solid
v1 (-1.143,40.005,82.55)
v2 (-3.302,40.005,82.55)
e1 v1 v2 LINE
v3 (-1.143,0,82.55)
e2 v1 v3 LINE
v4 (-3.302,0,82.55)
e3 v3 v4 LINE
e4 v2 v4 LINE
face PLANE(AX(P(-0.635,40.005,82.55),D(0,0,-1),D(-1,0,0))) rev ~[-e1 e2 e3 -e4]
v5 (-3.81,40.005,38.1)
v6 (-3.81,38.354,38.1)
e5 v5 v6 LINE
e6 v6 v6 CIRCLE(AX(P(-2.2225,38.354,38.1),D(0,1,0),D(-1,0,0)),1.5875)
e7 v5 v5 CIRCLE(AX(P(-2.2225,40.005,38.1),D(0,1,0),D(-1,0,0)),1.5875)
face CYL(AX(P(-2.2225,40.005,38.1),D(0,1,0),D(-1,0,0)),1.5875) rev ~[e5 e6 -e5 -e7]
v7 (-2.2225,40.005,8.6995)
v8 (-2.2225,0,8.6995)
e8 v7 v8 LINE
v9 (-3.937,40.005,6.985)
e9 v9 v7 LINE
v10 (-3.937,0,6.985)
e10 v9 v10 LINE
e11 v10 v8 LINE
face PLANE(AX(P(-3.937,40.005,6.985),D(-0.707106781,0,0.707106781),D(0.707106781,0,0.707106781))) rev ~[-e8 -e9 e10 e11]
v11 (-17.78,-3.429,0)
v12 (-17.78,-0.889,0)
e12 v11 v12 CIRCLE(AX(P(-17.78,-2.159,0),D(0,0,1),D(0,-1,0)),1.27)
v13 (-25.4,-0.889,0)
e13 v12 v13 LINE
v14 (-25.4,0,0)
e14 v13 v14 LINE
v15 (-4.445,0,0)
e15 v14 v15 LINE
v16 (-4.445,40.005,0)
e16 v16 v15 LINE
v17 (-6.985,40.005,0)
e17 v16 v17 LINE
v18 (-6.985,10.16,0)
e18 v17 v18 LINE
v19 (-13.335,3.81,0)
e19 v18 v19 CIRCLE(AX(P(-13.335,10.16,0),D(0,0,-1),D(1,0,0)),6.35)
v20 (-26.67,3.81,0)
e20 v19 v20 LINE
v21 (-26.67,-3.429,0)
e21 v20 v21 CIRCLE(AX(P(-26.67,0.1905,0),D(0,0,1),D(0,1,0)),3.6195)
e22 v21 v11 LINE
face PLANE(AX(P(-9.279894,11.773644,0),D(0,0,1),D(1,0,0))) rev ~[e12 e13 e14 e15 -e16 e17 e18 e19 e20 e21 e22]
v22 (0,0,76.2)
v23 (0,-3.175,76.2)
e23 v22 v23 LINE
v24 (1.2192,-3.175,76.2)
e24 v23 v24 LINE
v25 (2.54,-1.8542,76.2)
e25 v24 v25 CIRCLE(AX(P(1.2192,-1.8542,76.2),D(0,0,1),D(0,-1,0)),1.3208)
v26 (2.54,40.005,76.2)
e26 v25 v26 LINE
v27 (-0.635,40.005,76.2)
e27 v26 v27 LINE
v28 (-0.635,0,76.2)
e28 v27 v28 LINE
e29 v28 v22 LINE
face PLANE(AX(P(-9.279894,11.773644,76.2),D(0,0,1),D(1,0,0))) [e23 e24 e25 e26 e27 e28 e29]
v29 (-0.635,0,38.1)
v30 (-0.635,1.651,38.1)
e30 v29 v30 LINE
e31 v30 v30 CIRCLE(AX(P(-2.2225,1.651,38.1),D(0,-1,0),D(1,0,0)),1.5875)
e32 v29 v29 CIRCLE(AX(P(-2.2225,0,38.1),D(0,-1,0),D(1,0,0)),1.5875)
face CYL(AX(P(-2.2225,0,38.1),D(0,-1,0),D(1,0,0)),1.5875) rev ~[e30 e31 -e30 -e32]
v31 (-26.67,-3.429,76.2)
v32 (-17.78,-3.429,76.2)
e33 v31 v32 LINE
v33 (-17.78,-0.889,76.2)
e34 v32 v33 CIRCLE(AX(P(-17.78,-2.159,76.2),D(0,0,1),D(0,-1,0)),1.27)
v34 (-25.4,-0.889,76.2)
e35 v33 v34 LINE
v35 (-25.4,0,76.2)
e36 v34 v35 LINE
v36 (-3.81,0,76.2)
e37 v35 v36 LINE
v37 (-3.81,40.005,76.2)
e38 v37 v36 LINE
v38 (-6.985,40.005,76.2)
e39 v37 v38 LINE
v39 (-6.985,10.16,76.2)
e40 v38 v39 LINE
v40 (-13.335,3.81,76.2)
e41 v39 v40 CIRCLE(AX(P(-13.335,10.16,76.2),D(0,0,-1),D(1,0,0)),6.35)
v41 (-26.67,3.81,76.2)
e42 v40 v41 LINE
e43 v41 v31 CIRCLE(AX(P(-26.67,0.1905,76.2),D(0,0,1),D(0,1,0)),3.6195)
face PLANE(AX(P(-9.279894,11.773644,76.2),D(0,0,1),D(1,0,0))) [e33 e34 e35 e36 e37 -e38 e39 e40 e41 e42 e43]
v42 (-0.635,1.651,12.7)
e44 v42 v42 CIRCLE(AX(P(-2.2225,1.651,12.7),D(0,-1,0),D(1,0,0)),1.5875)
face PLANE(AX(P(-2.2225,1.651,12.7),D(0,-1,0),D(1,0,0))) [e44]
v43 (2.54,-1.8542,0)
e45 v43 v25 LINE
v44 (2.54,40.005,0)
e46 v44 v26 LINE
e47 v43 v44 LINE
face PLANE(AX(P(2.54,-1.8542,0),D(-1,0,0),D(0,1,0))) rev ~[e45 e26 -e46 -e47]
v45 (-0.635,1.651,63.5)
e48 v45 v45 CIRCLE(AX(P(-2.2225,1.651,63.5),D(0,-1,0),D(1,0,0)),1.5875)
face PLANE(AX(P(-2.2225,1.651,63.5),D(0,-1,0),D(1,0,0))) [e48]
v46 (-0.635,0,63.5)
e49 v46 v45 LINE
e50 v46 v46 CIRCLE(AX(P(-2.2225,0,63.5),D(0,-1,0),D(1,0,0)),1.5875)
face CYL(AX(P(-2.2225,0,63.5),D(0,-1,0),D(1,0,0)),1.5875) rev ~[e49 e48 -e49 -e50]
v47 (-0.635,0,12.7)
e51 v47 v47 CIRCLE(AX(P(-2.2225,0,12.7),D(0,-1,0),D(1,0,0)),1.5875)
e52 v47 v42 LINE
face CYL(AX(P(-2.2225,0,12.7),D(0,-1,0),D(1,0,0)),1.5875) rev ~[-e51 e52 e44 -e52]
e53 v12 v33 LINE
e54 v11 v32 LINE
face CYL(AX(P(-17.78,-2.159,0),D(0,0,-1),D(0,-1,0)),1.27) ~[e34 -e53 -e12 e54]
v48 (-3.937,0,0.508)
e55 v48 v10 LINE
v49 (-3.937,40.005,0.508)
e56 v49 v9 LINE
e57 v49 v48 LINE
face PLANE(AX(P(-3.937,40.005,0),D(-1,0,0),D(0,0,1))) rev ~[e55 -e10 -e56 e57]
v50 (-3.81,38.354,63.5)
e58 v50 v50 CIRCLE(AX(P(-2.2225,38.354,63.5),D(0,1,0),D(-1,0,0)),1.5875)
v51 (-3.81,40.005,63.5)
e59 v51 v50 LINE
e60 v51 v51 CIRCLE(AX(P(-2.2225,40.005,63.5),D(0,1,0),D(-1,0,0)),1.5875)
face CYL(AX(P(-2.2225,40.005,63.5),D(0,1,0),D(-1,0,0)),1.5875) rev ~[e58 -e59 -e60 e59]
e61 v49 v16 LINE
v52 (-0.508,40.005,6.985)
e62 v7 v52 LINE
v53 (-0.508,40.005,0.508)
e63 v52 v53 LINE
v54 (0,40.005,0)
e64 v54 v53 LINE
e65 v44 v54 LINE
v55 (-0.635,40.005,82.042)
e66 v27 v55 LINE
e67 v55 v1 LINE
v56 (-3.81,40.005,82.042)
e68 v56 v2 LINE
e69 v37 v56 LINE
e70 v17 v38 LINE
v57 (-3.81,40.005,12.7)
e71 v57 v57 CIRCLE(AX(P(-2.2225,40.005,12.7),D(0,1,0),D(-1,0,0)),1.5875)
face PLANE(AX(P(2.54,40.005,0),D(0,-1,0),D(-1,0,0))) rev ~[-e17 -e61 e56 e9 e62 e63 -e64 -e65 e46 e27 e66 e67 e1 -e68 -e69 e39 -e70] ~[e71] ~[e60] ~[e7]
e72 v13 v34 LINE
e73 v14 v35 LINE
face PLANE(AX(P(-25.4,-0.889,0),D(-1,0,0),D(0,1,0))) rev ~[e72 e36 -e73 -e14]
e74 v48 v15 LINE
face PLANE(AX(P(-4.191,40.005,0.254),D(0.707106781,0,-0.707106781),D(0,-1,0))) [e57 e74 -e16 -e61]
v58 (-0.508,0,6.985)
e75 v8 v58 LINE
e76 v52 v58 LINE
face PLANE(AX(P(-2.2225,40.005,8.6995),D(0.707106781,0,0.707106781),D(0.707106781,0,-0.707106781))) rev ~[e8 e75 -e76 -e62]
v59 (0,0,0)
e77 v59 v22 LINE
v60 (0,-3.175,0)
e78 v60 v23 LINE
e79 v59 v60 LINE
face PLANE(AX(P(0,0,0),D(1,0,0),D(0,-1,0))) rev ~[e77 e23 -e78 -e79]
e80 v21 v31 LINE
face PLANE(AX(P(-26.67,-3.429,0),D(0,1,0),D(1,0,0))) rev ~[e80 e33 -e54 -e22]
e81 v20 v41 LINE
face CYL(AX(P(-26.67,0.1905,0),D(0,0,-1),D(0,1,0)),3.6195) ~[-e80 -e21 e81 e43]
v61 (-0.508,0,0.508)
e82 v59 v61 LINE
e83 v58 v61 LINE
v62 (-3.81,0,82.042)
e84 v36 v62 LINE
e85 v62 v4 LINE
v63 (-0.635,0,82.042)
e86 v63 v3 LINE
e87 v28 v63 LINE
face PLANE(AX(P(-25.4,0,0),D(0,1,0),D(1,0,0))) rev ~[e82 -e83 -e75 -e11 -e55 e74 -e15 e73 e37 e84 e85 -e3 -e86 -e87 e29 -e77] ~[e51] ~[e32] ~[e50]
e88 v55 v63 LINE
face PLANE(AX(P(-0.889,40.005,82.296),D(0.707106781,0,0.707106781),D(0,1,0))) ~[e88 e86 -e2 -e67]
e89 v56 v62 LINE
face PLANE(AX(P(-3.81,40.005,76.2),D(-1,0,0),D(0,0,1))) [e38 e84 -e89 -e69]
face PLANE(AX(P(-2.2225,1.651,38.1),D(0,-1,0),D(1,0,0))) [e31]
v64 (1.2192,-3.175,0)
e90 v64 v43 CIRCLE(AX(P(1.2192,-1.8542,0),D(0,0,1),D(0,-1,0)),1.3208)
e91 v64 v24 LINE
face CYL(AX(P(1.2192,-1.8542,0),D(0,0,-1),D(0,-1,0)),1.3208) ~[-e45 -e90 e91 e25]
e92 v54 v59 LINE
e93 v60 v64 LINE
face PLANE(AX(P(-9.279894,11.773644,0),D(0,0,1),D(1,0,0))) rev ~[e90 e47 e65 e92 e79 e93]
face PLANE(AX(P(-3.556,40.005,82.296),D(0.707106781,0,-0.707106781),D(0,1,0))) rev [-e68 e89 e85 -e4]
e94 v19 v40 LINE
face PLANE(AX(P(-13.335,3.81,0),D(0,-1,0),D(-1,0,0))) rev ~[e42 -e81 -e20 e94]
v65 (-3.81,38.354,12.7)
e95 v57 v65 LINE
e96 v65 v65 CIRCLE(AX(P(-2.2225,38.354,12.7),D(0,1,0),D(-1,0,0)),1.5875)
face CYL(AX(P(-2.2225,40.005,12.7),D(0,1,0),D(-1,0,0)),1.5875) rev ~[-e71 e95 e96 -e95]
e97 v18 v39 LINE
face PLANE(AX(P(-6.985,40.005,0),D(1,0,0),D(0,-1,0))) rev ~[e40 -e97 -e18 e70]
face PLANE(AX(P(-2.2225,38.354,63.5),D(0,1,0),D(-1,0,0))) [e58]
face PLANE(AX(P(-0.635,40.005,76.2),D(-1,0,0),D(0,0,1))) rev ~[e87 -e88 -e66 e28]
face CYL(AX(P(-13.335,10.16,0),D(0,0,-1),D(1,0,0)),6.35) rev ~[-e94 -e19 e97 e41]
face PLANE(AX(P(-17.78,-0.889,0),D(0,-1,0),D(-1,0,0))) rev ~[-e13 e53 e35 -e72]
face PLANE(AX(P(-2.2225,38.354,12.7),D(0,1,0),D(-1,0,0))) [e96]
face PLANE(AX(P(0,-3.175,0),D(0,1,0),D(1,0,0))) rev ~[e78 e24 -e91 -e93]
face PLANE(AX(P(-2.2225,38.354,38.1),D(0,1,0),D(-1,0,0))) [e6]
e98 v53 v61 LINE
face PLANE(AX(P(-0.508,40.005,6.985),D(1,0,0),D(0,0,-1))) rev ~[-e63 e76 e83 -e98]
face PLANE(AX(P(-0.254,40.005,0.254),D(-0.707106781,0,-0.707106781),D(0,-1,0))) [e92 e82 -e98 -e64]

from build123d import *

# Parameters (mm, degrees)
F1_DEPTH  = 76.2
F3_DEPTH  = 43.435
F4_W      = 3.175
F4_H      = 6.35
F5_DEPTH  = 40.005
F6_SIZE   = 0.508
F7_R      = 1.5875
F8_DEPTH  = 1.651
F9_R      = 1.5875
F10_DEPTH = 1.651


with BuildPart() as f1:
    # F0 (on Top) → F1 (new body)
    with BuildSketch(Plane.XY):
        with BuildLine():
            Line((2.54, 40.005), (-6.985, 40.005))
            Line((-6.985, 40.005), (-6.985, 10.16))
            ThreePointArc((-6.985, 10.16), (-8.8448719395, 5.6698719395), (-13.335, 3.81))
            Line((-13.335, 3.81), (-26.67, 3.81))
            ThreePointArc((-26.67, 3.81), (-30.2895, 0.1905), (-26.67, -3.429))
            Line((-26.67, -3.429), (-17.78, -3.429))
            ThreePointArc((-17.78, -3.429), (-16.51, -2.159), (-17.78, -0.889))
            Line((-17.78, -0.889), (-25.4, -0.889))
            Line((-25.4, -0.889), (-25.4, 0))
            Line((-25.4, 0), (0, 0))
            Line((0, 0), (0, -3.175))
            Line((0, -3.175), (1.2192, -3.175))
            ThreePointArc((1.2192, -3.175), (2.1531466366, -2.7881466366), (2.54, -1.8542))
            Line((2.54, -1.8542), (2.54, 40.005))
        make_face()
    extrude(amount=F1_DEPTH)

    # F2 (on face) → F3 (cut, through all)
    with BuildSketch(Plane(origin=(0, 40.005, 0), x_dir=(-1, 0, 0), z_dir=(0, 1, 0))):
        Polygon((0.508, 6.985), (0.508, 0), (3.937, 0), (3.937, 6.985), (2.2225, 8.6995), align=None)
    extrude(amount=-F3_DEPTH, mode=Mode.SUBTRACT)

    # F4 (on face) → F5 (join, through all)
    with BuildSketch(Plane(origin=(0, 40.005, 0), x_dir=(-1, 0, 0), z_dir=(0, 1, 0))):
        with Locations((2.2225, 79.375)):
            Rectangle(F4_W, F4_H)
    extrude(amount=-F5_DEPTH)

    # F6
    f6_edges = [f1.edges().sort_by_distance(p)[0] for p in [
        (-3.937, 20.0025, 0),
        (-0.508, 20.0025, 0),
        (-0.635, 20.0025, 82.55),
        (-3.81, 20.0025, 82.55),
    ]]
    chamfer(f6_edges, length=F6_SIZE)

    # F7 (on face) → F8 (cut)
    with BuildSketch(Plane(origin=(0, 40.005, 0), x_dir=(-1, 0, 0), z_dir=(0, 1, 0))):
        with Locations((2.2225, 12.7)):
            Circle(F7_R)
        with Locations((2.2225, 38.1)):
            Circle(F7_R)
        with Locations((2.2225, 63.5)):
            Circle(F7_R)
    extrude(amount=-F8_DEPTH, mode=Mode.SUBTRACT)

    # F9 (on face) → F10 (cut)
    with BuildSketch(Plane.XZ):
        with Locations((-2.2225, 12.7)):
            Circle(F9_R)
        with Locations((-2.2225, 38.1)):
            Circle(F9_R)
        with Locations((-2.2225, 63.5)):
            Circle(F9_R)
    extrude(amount=-F10_DEPTH, mode=Mode.SUBTRACT)


solid = f1.part
